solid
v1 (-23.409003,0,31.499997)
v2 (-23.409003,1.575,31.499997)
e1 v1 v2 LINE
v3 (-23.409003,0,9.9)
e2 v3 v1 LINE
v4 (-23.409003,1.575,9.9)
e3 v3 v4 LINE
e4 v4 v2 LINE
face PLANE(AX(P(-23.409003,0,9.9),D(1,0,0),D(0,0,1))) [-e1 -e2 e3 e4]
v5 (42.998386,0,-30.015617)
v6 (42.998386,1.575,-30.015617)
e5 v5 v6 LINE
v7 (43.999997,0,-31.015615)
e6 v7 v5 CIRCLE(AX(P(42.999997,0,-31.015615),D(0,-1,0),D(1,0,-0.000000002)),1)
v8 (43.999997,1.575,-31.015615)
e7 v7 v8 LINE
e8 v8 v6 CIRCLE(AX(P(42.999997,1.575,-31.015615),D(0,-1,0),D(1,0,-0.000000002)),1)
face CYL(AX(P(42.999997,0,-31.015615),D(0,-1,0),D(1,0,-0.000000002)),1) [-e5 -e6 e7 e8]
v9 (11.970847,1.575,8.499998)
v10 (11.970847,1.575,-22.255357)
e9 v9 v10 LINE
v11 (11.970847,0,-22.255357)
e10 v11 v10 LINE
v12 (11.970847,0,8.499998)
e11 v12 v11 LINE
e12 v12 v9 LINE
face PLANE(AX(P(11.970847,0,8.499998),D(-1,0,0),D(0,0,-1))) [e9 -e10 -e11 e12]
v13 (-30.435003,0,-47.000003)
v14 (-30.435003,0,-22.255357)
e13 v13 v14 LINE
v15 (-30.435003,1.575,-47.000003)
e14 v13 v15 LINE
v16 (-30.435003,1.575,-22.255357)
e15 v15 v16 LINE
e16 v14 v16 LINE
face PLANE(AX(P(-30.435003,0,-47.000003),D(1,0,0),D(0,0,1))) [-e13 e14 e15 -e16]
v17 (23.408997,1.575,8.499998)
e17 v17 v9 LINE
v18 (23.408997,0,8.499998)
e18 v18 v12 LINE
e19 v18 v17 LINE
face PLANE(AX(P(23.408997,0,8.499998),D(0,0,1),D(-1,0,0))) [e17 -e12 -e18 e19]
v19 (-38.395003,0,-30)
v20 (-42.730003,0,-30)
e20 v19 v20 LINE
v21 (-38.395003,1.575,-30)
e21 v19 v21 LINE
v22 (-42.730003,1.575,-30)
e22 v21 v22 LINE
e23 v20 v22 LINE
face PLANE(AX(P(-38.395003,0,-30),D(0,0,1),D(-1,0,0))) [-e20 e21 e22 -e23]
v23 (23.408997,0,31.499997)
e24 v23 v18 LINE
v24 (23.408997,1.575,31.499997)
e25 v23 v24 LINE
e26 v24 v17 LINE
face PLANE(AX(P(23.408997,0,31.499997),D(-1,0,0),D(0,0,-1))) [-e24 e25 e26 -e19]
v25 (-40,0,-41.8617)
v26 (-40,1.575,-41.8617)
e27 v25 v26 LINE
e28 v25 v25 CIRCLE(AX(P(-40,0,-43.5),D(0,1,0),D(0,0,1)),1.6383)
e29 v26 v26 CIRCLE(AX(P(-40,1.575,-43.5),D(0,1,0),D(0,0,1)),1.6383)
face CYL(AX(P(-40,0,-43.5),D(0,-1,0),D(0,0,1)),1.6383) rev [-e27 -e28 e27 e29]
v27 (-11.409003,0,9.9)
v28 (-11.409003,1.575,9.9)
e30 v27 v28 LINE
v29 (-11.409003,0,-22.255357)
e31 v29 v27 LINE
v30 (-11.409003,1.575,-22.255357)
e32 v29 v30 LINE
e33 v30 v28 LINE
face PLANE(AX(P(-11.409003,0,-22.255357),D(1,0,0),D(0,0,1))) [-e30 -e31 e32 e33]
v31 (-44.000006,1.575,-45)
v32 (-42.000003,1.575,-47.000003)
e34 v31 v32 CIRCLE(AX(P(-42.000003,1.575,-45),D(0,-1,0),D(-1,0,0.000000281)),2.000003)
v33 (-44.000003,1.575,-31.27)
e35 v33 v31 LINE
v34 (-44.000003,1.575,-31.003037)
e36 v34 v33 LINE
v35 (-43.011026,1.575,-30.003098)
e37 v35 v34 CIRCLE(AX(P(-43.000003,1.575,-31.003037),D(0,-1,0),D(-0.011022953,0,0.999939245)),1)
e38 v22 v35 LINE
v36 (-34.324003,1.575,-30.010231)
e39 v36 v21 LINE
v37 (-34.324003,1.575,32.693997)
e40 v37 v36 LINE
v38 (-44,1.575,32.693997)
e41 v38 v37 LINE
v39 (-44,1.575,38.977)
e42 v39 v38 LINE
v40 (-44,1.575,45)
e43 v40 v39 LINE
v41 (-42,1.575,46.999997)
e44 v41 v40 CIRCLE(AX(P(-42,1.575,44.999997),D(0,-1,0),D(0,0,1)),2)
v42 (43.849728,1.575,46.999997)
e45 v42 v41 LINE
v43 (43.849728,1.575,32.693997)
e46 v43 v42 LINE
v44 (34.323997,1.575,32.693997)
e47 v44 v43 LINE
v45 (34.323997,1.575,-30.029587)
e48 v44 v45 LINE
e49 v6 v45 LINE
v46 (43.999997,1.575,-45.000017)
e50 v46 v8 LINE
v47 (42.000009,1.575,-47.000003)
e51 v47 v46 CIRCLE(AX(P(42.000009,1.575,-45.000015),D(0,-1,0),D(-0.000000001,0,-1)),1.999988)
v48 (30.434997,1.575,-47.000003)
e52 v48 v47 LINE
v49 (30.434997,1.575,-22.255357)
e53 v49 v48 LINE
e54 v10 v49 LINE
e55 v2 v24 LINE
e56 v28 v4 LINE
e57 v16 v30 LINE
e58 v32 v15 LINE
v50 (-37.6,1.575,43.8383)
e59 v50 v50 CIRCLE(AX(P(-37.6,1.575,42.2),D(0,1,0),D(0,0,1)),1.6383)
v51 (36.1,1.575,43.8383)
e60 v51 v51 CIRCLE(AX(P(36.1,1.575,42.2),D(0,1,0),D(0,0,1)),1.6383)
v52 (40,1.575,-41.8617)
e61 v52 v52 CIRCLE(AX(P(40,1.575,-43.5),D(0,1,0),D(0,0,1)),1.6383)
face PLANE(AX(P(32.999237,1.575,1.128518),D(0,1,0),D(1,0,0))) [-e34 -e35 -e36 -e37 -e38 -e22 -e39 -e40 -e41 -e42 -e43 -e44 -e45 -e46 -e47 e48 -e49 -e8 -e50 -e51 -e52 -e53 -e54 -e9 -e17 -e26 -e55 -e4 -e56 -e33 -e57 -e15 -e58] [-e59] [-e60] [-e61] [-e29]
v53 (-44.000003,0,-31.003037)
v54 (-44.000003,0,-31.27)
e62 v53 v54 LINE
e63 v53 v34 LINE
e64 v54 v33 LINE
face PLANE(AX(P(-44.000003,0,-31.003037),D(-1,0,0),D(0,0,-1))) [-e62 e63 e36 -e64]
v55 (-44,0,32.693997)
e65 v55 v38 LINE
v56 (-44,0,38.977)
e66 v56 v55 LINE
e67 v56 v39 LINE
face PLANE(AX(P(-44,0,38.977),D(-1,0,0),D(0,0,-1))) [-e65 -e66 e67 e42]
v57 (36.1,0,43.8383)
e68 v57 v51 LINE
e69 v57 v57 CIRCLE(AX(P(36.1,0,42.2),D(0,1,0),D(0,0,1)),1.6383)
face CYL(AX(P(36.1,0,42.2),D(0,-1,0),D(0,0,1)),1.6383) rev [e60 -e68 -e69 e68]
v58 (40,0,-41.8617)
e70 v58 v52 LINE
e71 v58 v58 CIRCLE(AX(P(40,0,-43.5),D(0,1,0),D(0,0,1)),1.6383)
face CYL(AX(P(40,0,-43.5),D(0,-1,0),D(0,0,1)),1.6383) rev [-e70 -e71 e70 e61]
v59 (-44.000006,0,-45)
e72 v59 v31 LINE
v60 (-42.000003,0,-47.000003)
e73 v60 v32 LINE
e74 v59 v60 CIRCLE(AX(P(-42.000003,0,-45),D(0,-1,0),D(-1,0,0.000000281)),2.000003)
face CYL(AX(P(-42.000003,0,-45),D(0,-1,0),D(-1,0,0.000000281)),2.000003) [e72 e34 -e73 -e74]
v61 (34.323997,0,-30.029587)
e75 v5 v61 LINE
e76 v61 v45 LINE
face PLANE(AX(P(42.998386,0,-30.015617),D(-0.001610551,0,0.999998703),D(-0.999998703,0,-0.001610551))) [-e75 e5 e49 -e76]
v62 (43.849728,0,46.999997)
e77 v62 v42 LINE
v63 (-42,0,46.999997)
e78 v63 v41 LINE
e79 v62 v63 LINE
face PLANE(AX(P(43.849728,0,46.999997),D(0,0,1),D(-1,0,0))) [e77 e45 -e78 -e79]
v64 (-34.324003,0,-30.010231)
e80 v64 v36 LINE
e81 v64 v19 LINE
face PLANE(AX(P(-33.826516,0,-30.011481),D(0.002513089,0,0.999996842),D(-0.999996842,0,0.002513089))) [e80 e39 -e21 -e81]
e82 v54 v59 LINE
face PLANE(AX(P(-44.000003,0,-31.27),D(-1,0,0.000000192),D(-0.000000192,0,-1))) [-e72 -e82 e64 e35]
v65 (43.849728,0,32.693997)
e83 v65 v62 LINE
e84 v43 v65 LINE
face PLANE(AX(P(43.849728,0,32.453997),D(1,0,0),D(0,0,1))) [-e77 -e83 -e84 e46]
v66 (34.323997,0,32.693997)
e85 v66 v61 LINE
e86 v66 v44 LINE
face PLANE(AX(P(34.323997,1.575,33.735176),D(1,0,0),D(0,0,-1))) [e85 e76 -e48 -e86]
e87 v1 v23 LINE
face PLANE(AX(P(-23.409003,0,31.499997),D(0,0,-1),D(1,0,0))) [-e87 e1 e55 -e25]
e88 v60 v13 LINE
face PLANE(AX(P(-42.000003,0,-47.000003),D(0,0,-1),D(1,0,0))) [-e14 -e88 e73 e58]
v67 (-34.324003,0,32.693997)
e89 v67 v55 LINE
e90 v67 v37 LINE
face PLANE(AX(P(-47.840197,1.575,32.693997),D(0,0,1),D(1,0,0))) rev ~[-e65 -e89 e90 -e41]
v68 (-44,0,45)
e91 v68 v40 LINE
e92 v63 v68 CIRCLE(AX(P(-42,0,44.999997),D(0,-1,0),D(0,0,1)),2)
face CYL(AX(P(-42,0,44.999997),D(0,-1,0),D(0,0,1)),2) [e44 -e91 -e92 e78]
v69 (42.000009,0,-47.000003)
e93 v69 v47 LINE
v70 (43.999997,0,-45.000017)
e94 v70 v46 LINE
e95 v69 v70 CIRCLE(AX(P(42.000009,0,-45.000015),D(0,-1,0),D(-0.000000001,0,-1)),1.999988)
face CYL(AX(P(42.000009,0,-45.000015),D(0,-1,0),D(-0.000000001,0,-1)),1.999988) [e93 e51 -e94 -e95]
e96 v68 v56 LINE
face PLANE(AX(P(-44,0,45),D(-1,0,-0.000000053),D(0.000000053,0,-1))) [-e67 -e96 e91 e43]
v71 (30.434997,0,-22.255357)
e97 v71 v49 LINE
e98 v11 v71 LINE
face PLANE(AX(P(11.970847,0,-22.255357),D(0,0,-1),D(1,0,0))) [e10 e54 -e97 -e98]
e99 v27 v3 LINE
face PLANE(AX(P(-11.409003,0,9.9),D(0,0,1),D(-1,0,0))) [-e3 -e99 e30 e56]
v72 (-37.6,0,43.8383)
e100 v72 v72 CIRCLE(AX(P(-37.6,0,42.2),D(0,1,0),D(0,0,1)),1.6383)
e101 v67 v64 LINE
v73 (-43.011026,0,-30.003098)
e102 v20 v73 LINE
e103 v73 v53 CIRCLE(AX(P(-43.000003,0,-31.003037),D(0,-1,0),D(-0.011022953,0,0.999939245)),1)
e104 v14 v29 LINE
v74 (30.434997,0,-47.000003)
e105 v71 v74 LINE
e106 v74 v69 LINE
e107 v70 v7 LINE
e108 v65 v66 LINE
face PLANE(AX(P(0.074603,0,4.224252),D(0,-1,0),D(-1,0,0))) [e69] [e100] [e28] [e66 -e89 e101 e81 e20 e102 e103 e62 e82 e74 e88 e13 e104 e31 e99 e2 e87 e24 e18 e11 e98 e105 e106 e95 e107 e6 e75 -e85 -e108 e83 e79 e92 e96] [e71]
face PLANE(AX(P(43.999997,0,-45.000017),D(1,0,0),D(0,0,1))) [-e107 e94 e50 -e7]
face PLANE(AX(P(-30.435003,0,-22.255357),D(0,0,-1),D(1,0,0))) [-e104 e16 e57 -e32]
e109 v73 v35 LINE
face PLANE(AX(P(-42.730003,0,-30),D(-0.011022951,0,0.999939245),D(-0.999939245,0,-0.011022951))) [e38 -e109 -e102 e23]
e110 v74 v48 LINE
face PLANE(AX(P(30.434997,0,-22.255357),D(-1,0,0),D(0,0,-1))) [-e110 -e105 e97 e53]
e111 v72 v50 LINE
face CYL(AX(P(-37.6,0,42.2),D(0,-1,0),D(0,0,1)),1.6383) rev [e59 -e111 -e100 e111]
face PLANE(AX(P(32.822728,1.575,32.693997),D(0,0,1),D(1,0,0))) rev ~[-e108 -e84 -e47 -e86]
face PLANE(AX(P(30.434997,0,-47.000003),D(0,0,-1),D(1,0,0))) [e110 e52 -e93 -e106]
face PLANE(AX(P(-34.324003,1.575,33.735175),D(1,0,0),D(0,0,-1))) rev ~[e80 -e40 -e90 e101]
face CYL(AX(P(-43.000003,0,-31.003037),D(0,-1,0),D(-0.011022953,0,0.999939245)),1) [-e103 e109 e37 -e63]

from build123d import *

# Parameters (mm, degrees)
SKETCH1_2_R                 = 1.6383
BOSS_EXTRUDE2_DEPTH         = 1.575
SKETCH2_W                   = 14.080651801
SKETCH2_H                   = 7.11628052
SKETCH2_W_2                 = 15.007196354
SKETCH2_H_2                 = 9.421332762
CUT_EXTRUDE1_DEPTH          = 65.400942629
ADDITIONAL_PCB_MATERIAL_W   = 2.649520344
ADDITIONAL_PCB_MATERIAL_H   = 65.213315835
ADDITIONAL_PCB_MATERIAL_W_2 = 1.5
ADDITIONAL_PCB_MATERIAL_H_2 = 65.299191064
BOSS_EXTRUDE3_DEPTH         = 1.575


with BuildPart() as part:
    # Sketch1<2> → Boss-Extrude2 (new body)
    with BuildSketch(Plane(origin=(0, 0, 0), x_dir=(1, 0, 0), z_dir=(0, 1, 0))):
        with BuildLine():
            Line((-38.39500299, 29.999999735), (-42.73000299, 29.999999735))
            Line((-42.73000299, 29.999999735), (-43.011025994, 30.003097626))
            ThreePointArc((-43.011025994, 30.003097626), (-43.710996344, 30.299838092), (-44.000003042, 31.003036872))
            Line((-44.000003042, 31.003036872), (-44.000003042, 31.269999735))
            Line((-44.000003042, 31.269999735), (-44.000005679, 44.999999735))
            ThreePointArc((-44.000005679, 44.999999735), (-43.414218633, 46.414215608), (-42.000002924, 47.000003051))
            Line((-42.000002924, 47.000003051), (-30.435003, 47.000003051))
            Line((-30.435003, 47.000003051), (-30.435003, 22.255357341))
            Line((-30.435003, 22.255357341), (-11.409003, 22.255357341))
            Line((-11.409003, 22.255357341), (-11.409003, -9.899999999))
            Line((-11.409003, -9.899999999), (-23.409003, -9.899999999))
            Line((-23.409003, -9.899999999), (-23.409003, -31.499996949))
            Line((-23.409003, -31.499996949), (23.408997, -31.499996949))
            Line((23.408997, -31.499996949), (23.408997, -8.499997555))
            Line((23.408997, -8.499997555), (11.97084713, -8.499997555))
            Line((11.97084713, -8.499997555), (11.97084713, 22.255357341))
            Line((11.97084713, 22.255357341), (30.434997, 22.255357341))
            Line((30.434997, 22.255357341), (30.434997, 47.000003051))
            Line((30.434997, 47.000003051), (42.000008541, 47.000003051))
            ThreePointArc((42.000008541, 47.000003051), (43.414213215, 46.414220704), (43.999996956, 45.000016607))
            Line((43.999996956, 45.000016607), (43.999996956, 32.000003378))
            Line((43.999996956, 32.000003378), (43.999996956, 31.015615364))
            ThreePointArc((43.999996956, 31.015615364), (43.706534093, 30.307939396), (42.998386406, 30.015616661))
            Line((42.998386406, 30.015616661), (33.825607551, 30.030389905))
            ThreePointArc((33.825607551, 30.030389905), (33.117459864, 29.738067169), (32.823997, 29.030391202))
            Line((32.823997, 29.030391202), (32.823997, -30.453996949))
            ThreePointArc((32.823997, -30.453996949), (33.116890219, -31.16110373), (33.823997, -31.453996949))
            Line((33.823997, -31.453996949), (36.099999555, -31.453996949))
            Line((36.099999555, -31.453996949), (42.849728118, -31.453996949))
            ThreePointArc((42.849728118, -31.453996949), (43.556834899, -31.746890168), (43.849728118, -32.453996949))
            Line((43.849728118, -32.453996949), (43.849728118, -36.999996949))
            Line((43.849728118, -36.999996949), (43.849728118, -46.999996949))
            Line((43.849728118, -46.999996949), (-42.000000178, -46.999996949))
            ThreePointArc((-42.000000178, -46.999996949), (-43.414212804, -46.414211581), (-44.000000499, -44.999999921))
            Line((-44.000000499, -44.999999921), (-44.000000178, -38.976999921))
            Line((-44.000000178, -38.976999921), (-44.000000178, -32.453999802))
            ThreePointArc((-44.000000178, -32.453999802), (-43.70710696, -31.746893021), (-43.000000178, -31.453999802))
            Line((-43.000000178, -31.453999802), (-36.100000549, -31.453999802))
            Line((-36.100000549, -31.453999802), (-33.824003042, -31.453999802))
            ThreePointArc((-33.824003042, -31.453999802), (-33.116896261, -31.161106583), (-32.824003042, -30.453999802))
            Line((-32.824003042, -30.453999802), (-32.824003042, 29.011483943))
            ThreePointArc((-32.824003042, 29.011483943), (-33.117785331, 29.719478678), (-33.826516131, 30.011480785))
            Line((-33.826516131, 30.011480785), (-38.39500299, 29.999999735))
        make_face()
        with Locations((40, 43.5)):
            Circle(SKETCH1_2_R, mode=Mode.SUBTRACT)
        with Locations((-40, 43.5)):
            Circle(SKETCH1_2_R, mode=Mode.SUBTRACT)
        with Locations((-37.6, -42.2)):
            Circle(SKETCH1_2_R, mode=Mode.SUBTRACT)
        with Locations((36.1, -42.2)):
            Circle(SKETCH1_2_R, mode=Mode.SUBTRACT)
    extrude(amount=BOSS_EXTRUDE2_DEPTH)

    # Sketch2 → Cut-Extrude1 (cut, through all)
    with BuildSketch(Plane(origin=(0, 1.575, 0), x_dir=(1, 0, 0), z_dir=(0, 1, 0))):
        with Locations((39.863054019, -29.135856689)):
            Rectangle(SKETCH2_W, SKETCH2_H)
        with Locations((-40.336598676, -27.983330568)):
            Rectangle(SKETCH2_W_2, SKETCH2_H_2)
    extrude(amount=-CUT_EXTRUDE1_DEPTH, mode=Mode.SUBTRACT)

    # Additional PCB material → Boss-Extrude3 (add)
    with BuildSketch(Plane(origin=(0, 1.575, 0), x_dir=(1, 0, 0), z_dir=(0, 1, 0))):
        with Locations((32.999236828, -1.128517583)):
            Rectangle(ADDITIONAL_PCB_MATERIAL_W, ADDITIONAL_PCB_MATERIAL_H)
        with Locations((-33.574003042, -1.085579968)):
            Rectangle(ADDITIONAL_PCB_MATERIAL_W_2, ADDITIONAL_PCB_MATERIAL_H_2)
    extrude(amount=-BOSS_EXTRUDE3_DEPTH)


solid = part.part
